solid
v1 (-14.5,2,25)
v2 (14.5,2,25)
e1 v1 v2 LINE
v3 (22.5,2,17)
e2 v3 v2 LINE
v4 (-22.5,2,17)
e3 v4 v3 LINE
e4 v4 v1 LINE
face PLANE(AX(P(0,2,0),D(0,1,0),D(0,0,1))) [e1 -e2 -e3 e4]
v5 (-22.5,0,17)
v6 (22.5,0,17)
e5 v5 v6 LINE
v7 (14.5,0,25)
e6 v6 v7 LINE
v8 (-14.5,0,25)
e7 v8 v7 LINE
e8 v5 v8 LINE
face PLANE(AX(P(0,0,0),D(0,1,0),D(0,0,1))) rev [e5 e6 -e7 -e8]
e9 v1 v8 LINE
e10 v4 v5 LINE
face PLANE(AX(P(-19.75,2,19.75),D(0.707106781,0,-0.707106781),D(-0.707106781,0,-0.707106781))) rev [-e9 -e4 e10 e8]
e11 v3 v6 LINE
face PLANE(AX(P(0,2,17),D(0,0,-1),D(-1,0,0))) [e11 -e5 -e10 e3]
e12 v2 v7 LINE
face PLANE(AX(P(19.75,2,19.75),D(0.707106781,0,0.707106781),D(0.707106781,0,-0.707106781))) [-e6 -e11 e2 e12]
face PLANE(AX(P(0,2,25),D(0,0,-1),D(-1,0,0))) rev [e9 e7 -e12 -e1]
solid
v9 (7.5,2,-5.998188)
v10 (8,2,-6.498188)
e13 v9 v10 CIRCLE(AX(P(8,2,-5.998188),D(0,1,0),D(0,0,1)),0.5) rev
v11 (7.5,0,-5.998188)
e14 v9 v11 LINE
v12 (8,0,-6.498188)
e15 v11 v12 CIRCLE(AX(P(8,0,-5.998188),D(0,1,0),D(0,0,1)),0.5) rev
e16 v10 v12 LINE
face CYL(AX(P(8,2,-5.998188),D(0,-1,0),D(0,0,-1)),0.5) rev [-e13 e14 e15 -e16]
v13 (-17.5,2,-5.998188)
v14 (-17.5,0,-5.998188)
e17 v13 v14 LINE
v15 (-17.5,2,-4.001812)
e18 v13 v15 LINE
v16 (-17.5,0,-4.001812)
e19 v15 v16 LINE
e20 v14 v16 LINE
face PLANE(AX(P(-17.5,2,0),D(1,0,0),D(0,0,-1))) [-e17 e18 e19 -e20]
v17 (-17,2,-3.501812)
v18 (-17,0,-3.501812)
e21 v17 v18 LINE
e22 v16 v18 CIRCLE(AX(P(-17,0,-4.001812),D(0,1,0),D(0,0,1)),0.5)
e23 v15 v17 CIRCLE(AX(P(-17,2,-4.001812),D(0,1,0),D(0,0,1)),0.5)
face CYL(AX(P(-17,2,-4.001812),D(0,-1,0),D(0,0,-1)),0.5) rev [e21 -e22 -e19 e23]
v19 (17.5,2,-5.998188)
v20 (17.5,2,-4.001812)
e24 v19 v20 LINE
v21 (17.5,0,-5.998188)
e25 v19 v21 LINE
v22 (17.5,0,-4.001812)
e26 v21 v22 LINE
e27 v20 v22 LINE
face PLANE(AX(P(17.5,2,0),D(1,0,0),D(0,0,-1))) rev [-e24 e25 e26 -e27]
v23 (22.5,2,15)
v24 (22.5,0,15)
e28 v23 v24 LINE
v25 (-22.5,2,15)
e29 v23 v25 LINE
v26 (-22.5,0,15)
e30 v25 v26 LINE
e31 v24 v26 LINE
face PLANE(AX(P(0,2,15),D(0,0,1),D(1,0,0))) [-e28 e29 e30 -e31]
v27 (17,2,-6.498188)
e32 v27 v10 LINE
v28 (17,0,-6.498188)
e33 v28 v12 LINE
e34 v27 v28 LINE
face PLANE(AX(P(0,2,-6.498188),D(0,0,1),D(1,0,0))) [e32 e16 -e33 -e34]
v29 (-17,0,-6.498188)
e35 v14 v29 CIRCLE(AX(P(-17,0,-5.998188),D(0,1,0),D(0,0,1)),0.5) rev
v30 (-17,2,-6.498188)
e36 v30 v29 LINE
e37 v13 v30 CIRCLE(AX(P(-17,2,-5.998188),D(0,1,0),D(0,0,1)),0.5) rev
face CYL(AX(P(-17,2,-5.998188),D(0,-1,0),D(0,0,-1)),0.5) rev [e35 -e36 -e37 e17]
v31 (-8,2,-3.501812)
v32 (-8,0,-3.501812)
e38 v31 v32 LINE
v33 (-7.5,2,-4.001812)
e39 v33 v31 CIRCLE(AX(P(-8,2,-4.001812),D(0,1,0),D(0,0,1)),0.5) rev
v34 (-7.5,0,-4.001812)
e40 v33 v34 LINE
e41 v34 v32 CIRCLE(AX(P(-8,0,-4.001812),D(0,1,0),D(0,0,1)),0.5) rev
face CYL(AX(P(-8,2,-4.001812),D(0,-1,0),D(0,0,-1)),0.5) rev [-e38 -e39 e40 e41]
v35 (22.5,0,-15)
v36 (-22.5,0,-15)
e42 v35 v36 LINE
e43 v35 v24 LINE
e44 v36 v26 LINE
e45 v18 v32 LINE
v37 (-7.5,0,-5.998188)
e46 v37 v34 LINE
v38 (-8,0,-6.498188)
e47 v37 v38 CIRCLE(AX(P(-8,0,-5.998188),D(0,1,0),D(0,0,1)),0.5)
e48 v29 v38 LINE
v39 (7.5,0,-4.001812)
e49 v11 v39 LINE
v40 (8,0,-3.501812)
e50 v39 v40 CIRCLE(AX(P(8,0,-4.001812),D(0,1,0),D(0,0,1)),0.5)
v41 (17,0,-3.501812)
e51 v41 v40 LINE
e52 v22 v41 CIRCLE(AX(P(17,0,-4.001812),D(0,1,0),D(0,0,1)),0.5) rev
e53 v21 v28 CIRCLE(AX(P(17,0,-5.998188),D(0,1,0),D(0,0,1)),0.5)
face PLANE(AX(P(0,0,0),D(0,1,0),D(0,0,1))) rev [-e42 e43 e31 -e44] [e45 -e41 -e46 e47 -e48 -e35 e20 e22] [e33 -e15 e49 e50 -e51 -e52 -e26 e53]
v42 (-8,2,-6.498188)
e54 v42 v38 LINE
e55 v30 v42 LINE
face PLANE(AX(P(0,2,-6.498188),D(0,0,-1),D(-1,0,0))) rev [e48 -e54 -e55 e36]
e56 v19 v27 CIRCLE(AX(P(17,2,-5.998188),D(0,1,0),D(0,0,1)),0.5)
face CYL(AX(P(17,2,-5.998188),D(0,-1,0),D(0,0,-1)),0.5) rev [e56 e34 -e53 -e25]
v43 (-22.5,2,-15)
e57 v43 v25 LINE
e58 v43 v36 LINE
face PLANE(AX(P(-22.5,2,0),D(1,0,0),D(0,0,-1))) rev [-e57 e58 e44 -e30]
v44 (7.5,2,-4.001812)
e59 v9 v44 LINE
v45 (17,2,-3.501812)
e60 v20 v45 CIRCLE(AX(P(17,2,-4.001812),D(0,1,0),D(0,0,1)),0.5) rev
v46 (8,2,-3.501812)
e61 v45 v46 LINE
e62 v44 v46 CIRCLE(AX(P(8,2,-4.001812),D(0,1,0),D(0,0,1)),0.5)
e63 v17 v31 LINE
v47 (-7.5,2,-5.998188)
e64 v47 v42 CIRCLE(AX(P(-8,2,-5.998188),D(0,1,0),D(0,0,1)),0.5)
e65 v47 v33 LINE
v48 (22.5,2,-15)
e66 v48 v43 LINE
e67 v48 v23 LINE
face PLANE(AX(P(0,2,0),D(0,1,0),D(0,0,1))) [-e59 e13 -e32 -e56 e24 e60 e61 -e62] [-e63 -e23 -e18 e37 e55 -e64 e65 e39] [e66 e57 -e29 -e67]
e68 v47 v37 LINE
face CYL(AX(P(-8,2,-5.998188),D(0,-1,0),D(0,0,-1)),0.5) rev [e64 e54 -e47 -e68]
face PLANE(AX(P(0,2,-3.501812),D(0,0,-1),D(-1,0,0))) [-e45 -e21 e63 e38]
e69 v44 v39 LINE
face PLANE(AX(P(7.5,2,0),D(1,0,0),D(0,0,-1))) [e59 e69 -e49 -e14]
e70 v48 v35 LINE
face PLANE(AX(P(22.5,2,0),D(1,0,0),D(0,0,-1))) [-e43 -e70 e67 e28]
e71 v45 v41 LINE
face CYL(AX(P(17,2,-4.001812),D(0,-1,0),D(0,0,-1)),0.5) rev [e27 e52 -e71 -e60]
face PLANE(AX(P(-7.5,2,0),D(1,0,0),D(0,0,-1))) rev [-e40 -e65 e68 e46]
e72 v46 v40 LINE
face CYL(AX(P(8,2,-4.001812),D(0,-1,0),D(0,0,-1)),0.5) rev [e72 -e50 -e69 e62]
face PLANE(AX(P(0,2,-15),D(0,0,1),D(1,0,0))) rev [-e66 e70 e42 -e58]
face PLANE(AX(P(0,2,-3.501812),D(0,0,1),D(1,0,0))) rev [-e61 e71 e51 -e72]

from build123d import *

# Parameters (mm, degrees)
SKETCH1_W             = 45
SKETCH1_H             = 30
BOSS_EXTRUDE7_DEPTH   = 2
BOSS_EXTRUDE7_2_DEPTH = 2


with BuildPart() as part:
    # Sketch1 → Boss-Extrude7 (new body)
    with BuildSketch(Plane(origin=(0, 0, 0), x_dir=(1, 0, 0), z_dir=(0, 1, 0))):
        Rectangle(SKETCH1_W, SKETCH1_H)
        with BuildLine():
            ThreePointArc((-7.5, 5.998187631), (-7.646446609, 6.351741022), (-8, 6.498187631))
            Line((-8, 6.498187631), (-17, 6.498187631))
            ThreePointArc((-17, 6.498187631), (-17.353553391, 6.351741022), (-17.5, 5.998187631))
            Line((-17.5, 5.998187631), (-17.5, 4.001812369))
            ThreePointArc((-17.5, 4.001812369), (-17.353553391, 3.648258978), (-17, 3.501812369))
            Line((-17, 3.501812369), (-8, 3.501812369))
            ThreePointArc((-8, 3.501812369), (-7.646446609, 3.648258978), (-7.5, 4.001812369))
            Line((-7.5, 4.001812369), (-7.5, 5.998187631))
        make_face(mode=Mode.SUBTRACT)
        with BuildLine():
            Line((7.5, 5.998187631), (7.5, 4.001812369))
            ThreePointArc((7.5, 4.001812369), (7.646446609, 3.648258978), (8, 3.501812369))
            Line((8, 3.501812369), (17, 3.501812369))
            ThreePointArc((17, 3.501812369), (17.353553391, 3.648258978), (17.5, 4.001812369))
            Line((17.5, 4.001812369), (17.5, 5.998187631))
            ThreePointArc((17.5, 5.998187631), (17.353553391, 6.351741022), (17, 6.498187631))
            Line((17, 6.498187631), (8, 6.498187631))
            ThreePointArc((8, 6.498187631), (7.646446609, 6.351741022), (7.5, 5.998187631))
        make_face(mode=Mode.SUBTRACT)
    extrude(amount=BOSS_EXTRUDE7_DEPTH)


with BuildPart() as body_2:
    # Sketch1 → Boss-Extrude7 2 (new body)
    with BuildSketch(Plane(origin=(0, 0, 0), x_dir=(1, 0, 0), z_dir=(0, 1, 0))):
        Polygon((22.5, -17), (14.5, -25), (-14.5, -25), (-22.5, -17), align=None)
    extrude(amount=BOSS_EXTRUDE7_2_DEPTH)


solid = Compound([part.part, body_2.part])
